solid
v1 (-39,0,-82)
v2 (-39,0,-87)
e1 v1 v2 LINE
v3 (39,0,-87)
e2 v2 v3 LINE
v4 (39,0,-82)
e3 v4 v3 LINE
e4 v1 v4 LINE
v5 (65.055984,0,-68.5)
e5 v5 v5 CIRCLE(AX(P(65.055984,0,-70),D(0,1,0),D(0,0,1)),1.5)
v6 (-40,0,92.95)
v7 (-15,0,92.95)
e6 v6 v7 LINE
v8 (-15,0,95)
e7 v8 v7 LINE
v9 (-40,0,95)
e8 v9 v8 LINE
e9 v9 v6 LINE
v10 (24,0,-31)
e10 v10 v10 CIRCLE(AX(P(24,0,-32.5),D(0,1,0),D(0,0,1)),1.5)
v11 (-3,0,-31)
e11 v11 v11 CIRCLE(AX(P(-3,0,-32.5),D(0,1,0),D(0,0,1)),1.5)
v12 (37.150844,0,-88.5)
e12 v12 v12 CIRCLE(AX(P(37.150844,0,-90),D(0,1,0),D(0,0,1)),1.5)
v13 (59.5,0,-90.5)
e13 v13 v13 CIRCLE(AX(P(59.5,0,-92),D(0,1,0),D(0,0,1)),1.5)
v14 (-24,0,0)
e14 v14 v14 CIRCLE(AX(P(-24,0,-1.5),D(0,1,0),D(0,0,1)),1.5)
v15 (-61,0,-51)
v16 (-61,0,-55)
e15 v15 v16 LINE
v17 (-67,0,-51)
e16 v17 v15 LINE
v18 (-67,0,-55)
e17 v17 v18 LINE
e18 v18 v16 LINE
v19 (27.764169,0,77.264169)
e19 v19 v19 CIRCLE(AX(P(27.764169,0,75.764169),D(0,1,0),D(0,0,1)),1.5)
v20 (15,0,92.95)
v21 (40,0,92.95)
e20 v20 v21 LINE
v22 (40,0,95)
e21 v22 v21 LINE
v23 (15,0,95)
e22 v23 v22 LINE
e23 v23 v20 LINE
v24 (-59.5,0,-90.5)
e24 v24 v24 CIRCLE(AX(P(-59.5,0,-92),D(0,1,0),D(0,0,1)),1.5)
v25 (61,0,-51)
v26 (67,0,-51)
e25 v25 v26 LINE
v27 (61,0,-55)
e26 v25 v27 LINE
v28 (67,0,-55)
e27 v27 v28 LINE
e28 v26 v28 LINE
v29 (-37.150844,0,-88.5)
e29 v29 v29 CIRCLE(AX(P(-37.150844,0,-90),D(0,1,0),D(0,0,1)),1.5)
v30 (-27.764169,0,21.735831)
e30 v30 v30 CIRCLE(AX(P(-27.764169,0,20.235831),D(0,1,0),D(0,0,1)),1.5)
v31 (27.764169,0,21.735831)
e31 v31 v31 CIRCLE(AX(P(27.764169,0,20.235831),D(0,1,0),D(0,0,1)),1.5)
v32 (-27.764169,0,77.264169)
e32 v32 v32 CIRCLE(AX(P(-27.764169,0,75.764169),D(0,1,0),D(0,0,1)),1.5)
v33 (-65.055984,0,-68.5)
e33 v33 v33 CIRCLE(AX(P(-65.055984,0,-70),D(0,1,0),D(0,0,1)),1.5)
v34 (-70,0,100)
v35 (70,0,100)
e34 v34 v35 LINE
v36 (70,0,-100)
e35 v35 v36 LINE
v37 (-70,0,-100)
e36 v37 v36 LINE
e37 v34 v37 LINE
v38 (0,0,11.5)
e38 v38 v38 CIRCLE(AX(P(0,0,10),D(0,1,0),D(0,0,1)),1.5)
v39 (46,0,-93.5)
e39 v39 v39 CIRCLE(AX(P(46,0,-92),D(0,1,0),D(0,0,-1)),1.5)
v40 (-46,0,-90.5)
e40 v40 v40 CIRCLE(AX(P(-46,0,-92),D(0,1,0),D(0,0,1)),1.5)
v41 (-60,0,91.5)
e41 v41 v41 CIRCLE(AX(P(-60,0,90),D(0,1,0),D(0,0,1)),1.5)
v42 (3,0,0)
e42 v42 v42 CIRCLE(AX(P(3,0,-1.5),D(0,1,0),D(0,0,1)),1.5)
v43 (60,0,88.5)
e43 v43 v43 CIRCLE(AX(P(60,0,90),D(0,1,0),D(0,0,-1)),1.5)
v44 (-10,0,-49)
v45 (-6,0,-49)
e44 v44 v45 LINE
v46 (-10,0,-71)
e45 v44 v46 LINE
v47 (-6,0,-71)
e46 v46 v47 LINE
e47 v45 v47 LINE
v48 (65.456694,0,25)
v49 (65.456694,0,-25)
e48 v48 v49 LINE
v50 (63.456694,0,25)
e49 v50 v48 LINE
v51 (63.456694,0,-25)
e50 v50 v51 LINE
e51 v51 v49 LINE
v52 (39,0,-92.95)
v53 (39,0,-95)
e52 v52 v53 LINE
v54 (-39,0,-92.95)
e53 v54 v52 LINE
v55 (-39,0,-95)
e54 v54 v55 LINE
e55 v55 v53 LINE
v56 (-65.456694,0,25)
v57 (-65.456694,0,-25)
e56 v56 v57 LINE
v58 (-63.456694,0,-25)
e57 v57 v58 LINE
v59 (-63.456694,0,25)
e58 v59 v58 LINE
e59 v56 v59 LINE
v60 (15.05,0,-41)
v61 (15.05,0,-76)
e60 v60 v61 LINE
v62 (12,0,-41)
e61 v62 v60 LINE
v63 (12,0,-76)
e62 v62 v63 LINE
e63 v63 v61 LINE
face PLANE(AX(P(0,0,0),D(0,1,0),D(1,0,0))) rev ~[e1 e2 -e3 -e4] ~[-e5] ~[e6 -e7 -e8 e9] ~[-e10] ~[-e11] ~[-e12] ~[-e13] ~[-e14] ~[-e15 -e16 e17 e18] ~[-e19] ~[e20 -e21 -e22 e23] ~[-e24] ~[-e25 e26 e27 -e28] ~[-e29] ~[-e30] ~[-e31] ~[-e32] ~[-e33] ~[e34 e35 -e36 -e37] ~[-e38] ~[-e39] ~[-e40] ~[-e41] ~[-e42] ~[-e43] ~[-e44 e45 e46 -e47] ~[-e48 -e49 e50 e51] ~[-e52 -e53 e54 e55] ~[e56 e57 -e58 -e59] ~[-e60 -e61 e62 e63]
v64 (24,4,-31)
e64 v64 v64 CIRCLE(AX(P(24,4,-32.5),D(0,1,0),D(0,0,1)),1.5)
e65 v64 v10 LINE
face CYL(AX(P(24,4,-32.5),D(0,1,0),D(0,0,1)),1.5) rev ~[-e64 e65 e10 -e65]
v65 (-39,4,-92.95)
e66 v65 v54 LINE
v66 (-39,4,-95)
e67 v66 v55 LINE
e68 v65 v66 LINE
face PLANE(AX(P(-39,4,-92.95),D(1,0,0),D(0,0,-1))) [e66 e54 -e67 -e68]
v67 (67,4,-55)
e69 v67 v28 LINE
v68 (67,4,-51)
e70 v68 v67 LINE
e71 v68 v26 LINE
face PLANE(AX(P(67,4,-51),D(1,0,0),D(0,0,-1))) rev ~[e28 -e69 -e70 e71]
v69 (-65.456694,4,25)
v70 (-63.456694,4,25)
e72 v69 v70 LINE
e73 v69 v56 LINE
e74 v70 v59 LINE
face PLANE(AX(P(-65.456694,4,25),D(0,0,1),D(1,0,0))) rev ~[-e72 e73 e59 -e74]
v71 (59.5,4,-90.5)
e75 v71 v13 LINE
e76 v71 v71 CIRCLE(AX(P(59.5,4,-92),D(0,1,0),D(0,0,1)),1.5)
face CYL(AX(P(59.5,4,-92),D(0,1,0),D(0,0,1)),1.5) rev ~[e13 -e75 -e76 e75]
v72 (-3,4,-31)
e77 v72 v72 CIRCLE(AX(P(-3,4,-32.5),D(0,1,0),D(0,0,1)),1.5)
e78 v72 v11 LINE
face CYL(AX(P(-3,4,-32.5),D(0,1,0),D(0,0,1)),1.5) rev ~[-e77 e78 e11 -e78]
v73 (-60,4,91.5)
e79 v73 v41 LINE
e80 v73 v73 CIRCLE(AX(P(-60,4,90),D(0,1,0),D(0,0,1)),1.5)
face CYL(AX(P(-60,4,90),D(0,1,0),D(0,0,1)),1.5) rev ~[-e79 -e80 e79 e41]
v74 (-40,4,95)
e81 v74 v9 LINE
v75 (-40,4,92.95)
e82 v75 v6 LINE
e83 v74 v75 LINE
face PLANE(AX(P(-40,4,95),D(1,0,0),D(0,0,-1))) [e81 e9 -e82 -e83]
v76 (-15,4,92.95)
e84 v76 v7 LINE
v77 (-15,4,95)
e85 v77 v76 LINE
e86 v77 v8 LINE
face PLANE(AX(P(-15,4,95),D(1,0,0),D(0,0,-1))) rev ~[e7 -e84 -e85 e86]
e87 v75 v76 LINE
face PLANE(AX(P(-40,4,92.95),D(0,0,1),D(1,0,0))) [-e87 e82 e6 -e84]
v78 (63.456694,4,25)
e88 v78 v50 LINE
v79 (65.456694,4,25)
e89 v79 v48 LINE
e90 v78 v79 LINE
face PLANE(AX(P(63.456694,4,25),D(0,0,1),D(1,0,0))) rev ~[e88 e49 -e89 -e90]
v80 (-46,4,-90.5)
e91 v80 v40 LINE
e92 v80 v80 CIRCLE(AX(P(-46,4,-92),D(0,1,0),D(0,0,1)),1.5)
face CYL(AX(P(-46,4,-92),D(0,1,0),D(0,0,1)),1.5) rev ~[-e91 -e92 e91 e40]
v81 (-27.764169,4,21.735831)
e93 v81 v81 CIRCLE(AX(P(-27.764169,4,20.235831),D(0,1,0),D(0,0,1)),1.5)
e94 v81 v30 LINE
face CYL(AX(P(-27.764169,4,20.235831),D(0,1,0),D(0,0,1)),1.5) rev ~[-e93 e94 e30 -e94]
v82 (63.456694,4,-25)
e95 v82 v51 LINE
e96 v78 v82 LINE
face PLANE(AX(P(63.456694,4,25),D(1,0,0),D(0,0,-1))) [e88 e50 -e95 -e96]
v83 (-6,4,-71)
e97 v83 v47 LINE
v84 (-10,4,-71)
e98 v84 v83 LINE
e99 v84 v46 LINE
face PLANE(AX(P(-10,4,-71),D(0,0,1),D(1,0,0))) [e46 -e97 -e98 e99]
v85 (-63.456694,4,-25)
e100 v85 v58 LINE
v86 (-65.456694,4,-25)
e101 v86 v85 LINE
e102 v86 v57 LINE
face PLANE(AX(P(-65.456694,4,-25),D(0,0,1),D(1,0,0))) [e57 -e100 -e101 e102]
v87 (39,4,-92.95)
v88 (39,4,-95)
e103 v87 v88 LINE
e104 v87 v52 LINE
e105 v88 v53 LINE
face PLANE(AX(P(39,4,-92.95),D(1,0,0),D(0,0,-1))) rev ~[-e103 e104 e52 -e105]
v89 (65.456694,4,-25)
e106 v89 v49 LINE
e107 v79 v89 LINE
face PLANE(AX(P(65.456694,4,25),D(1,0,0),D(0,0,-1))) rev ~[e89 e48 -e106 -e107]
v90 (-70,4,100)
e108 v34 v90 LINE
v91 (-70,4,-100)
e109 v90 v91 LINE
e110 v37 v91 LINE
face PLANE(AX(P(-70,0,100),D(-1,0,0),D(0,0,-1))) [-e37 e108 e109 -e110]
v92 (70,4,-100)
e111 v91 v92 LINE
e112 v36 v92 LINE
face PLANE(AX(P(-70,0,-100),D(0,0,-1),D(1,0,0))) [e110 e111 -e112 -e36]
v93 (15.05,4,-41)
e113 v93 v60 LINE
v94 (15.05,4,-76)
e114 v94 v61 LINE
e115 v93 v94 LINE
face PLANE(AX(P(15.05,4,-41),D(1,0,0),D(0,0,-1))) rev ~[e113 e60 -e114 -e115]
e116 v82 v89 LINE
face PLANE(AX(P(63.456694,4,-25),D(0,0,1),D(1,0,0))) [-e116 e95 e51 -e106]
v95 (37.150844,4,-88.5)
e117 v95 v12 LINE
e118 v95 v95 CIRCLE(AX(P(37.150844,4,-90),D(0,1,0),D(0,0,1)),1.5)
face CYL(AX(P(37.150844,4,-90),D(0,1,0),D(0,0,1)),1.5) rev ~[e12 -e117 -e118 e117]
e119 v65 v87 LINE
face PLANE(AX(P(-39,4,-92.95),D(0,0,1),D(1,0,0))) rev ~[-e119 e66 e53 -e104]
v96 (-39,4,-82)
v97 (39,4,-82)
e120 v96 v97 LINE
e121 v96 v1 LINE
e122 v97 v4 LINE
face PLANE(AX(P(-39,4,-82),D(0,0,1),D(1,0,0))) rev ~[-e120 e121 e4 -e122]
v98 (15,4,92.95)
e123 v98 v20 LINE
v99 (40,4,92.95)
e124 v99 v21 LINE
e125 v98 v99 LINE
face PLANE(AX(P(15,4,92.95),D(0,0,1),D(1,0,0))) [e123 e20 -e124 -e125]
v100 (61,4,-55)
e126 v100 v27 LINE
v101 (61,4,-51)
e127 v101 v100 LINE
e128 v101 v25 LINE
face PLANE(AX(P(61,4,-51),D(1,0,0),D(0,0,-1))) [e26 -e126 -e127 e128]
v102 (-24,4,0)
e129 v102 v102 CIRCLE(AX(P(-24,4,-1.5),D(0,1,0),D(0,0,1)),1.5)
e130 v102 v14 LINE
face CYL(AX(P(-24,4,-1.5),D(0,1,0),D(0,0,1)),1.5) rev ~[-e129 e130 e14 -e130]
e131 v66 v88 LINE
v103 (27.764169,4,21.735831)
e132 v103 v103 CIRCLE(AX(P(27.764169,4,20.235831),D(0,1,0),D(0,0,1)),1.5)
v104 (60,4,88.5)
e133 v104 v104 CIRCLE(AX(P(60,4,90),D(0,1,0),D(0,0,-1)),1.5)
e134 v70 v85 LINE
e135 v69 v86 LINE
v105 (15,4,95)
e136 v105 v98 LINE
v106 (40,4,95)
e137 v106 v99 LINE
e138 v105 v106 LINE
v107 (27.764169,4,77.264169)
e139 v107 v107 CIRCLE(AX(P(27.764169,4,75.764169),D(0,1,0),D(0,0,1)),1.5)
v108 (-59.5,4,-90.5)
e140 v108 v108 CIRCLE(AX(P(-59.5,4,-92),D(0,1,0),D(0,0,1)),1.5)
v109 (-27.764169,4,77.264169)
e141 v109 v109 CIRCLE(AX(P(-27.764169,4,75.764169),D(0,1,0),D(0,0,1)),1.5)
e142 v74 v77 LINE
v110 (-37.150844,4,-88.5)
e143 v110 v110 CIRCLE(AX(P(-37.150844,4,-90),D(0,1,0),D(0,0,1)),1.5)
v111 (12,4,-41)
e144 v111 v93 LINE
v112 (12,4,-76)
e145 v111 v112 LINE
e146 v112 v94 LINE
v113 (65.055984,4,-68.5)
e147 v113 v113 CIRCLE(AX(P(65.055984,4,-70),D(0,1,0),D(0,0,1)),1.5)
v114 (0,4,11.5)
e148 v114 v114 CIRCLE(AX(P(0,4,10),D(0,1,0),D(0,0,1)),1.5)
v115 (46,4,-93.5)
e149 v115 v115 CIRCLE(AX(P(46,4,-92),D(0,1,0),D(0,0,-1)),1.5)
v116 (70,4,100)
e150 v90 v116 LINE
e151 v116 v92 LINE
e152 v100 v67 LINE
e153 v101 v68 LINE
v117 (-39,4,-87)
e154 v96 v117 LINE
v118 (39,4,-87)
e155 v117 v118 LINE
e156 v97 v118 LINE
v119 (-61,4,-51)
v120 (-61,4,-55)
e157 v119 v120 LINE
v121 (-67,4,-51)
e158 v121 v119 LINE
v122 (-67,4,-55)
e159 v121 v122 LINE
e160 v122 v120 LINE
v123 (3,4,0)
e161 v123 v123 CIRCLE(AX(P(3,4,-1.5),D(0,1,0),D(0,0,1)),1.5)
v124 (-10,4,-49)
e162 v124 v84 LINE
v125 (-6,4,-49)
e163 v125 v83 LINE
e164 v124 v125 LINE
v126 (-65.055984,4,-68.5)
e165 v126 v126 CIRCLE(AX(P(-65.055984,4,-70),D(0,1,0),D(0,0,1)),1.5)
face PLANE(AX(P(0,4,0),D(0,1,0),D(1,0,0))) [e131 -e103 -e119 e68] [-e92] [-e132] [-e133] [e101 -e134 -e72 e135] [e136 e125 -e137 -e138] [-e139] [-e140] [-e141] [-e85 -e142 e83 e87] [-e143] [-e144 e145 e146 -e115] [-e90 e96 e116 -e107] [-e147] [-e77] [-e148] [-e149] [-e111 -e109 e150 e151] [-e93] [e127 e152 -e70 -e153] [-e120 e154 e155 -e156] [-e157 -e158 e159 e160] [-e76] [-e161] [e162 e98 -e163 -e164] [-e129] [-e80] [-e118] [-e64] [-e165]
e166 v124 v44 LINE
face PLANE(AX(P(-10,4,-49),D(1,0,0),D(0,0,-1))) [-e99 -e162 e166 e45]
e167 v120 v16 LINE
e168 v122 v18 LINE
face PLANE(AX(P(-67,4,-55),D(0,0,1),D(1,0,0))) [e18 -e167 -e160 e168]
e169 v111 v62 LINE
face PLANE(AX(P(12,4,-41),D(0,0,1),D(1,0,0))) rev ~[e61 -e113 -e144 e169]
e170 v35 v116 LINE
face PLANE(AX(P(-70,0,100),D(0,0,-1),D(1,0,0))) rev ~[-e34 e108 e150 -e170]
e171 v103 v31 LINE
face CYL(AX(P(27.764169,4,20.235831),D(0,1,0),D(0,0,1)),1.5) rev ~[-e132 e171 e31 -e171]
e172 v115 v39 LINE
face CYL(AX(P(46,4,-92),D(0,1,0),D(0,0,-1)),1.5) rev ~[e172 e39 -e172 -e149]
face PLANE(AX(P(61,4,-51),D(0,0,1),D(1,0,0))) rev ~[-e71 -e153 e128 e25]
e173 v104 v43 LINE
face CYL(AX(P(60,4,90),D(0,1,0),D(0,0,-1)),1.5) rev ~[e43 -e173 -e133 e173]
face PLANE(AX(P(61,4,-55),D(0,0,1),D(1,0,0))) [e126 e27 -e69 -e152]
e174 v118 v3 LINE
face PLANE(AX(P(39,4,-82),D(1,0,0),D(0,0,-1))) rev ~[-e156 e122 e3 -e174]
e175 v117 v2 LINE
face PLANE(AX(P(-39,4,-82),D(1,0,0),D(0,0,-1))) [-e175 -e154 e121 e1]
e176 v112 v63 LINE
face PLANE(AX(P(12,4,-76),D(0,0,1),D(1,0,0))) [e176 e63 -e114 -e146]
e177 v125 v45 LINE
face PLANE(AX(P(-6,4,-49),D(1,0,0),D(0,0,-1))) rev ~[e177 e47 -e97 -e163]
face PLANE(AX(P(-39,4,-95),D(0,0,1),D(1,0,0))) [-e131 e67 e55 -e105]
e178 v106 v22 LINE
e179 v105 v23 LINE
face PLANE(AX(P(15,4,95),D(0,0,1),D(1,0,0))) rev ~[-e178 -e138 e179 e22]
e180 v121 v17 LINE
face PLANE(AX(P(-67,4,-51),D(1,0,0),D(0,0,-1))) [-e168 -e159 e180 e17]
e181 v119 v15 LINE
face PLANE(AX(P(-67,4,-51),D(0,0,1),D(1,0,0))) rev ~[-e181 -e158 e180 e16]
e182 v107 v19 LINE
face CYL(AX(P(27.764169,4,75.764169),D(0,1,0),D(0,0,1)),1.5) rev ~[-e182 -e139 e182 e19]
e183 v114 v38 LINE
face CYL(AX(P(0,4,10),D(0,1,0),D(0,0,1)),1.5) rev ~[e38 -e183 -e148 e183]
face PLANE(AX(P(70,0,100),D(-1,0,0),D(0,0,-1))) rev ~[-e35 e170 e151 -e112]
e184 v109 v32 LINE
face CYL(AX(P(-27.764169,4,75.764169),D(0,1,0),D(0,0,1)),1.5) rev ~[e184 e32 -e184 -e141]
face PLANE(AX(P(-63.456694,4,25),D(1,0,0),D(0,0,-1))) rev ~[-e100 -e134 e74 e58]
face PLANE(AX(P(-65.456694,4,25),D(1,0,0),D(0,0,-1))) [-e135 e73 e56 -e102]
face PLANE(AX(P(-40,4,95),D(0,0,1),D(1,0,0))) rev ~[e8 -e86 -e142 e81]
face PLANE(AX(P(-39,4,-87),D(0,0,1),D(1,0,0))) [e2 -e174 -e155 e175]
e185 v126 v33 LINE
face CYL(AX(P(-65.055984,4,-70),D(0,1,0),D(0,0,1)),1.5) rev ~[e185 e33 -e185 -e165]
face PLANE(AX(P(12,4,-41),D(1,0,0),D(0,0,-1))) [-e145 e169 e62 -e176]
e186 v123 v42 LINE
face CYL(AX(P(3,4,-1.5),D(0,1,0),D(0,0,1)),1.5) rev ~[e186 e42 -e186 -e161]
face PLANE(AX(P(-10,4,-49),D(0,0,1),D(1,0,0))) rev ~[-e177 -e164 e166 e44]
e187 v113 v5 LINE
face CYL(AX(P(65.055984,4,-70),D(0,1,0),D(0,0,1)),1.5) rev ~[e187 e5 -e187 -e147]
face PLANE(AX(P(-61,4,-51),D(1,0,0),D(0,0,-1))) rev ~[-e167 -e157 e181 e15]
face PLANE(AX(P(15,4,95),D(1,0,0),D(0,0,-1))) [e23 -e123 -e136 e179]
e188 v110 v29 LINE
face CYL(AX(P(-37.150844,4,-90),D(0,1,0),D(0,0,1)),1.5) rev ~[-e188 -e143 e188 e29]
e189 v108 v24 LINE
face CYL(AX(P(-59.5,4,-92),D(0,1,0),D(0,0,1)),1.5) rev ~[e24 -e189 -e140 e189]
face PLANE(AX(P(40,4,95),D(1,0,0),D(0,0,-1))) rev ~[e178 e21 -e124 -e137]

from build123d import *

# Parameters (mm, degrees)
SKETCH1_W           = 140
SKETCH1_H           = 200
BOSS_EXTRUDE1_DEPTH = 4
SKETCH2_W           = 78
SKETCH2_H           = 2.05
SKETCH2_R           = 1.5
SKETCH2_H_2         = 5
CUT_EXTRUDE3_DEPTH  = 123.131077126
SKETCH3_W           = 6
SKETCH3_H           = 4
SKETCH3_R           = 1.5
CUT_EXTRUDE5_DEPTH  = 123.131077126
SKETCH4_R           = 1.5
CUT_EXTRUDE6_DEPTH  = 123.131077126
SKETCH6_W           = 3.05
SKETCH6_H           = 35
SKETCH6_W_2         = 4
SKETCH6_H_2         = 22
CUT_EXTRUDE13_DEPTH = 4
SKETCH7_R           = 1.5
CUT_EXTRUDE15_DEPTH = 123.131077126
SKETCH8_R           = 1.5
SKETCH8_W           = 2
SKETCH8_H           = 50
SKETCH8_W_2         = 25
SKETCH8_H_2         = 2.05
CUT_EXTRUDE16_DEPTH = 4


with BuildPart() as part:
    # Sketch1 → Boss-Extrude1 (new body)
    with BuildSketch(Plane(origin=(0, 0, 0), x_dir=(1, 0, 0), z_dir=(0, 1, 0))):
        Rectangle(SKETCH1_W, SKETCH1_H)
    extrude(amount=BOSS_EXTRUDE1_DEPTH)

    # Sketch2 → Cut-Extrude3 (cut, through all)
    with BuildSketch(Plane(origin=(0, 4, 0), x_dir=(1, 0, 0), z_dir=(0, 1, 0))):
        with Locations((0, 93.975)):
            Rectangle(SKETCH2_W, SKETCH2_H)
        with Locations(Location((-37.150844364, 90, 0), (0, 0, 270))):
            Circle(SKETCH2_R)
        with Locations(Location((37.150844364, 90, 0), (0, 0, 270))):
            Circle(SKETCH2_R)
        with Locations((0, 84.5)):
            Rectangle(SKETCH2_W, SKETCH2_H_2)
    extrude(amount=-CUT_EXTRUDE3_DEPTH, mode=Mode.SUBTRACT)

    # Sketch3 → Cut-Extrude5 (cut, through all)
    with BuildSketch(Plane(origin=(0, 4, 0), x_dir=(1, 0, 0), z_dir=(0, 1, 0))):
        with Locations((-64, 53)):
            Rectangle(SKETCH3_W, SKETCH3_H)
        with Locations(Location((65.055984274, 70, 0), (0, 0, 270))):
            Circle(SKETCH3_R)
        with Locations((64, 53)):
            Rectangle(SKETCH3_W, SKETCH3_H)
        with Locations(Location((-65.055984274, 70, 0), (0, 0, 270))):
            Circle(SKETCH3_R)
    extrude(amount=-CUT_EXTRUDE5_DEPTH, mode=Mode.SUBTRACT)

    # Sketch4 → Cut-Extrude6 (cut, through all)
    with BuildSketch(Plane(origin=(0, 4, 0), x_dir=(1, 0, 0), z_dir=(0, 1, 0))):
        with Locations(Location((59.5, 92, 0), (0, 0, 270))):
            Circle(SKETCH4_R)
        with Locations(Location((-59.5, 92, 0), (0, 0, 270))):
            Circle(SKETCH4_R)
        with Locations(Location((-46, 92, 0), (0, 0, 270))):
            Circle(SKETCH4_R)
        with Locations(Location((46, 92, 0), (0, 0, 90))):
            Circle(SKETCH4_R)
    extrude(amount=-CUT_EXTRUDE6_DEPTH, mode=Mode.SUBTRACT)

    # Sketch6 → Cut-Extrude13 (cut)
    with BuildSketch(Plane(origin=(0, 4, 0), x_dir=(1, 0, 0), z_dir=(0, 1, 0))):
        with Locations((13.525, 58.5)):
            Rectangle(SKETCH6_W, SKETCH6_H)
        with Locations((-8, 60)):
            Rectangle(SKETCH6_W_2, SKETCH6_H_2)
    extrude(amount=-CUT_EXTRUDE13_DEPTH, mode=Mode.SUBTRACT)

    # Sketch7 → Cut-Extrude15 (cut, through all)
    with BuildSketch(Plane(origin=(0, 4, 0), x_dir=(1, 0, 0), z_dir=(0, 1, 0))):
        with Locations(Location((27.764169226, -20.235830774, 0), (0, 0, 270))):
            Circle(SKETCH7_R)
        with Locations(Location((-27.764169226, -75.764169226, 0), (0, 0, 270))):
            Circle(SKETCH7_R)
        with Locations(Location((27.764169226, -75.764169226, 0), (0, 0, 270))):
            Circle(SKETCH7_R)
        with Locations(Location((24, 32.5, 0), (0, 0, 270))):
            Circle(SKETCH7_R)
        with Locations(Location((3, 1.5, 0), (0, 0, 270))):
            Circle(SKETCH7_R)
        with Locations(Location((-24, 1.5, 0), (0, 0, 270))):
            Circle(SKETCH7_R)
        with Locations(Location((-3, 32.5, 0), (0, 0, 270))):
            Circle(SKETCH7_R)
        with Locations(Location((-27.764169226, -20.235830774, 0), (0, 0, 270))):
            Circle(SKETCH7_R)
    extrude(amount=-CUT_EXTRUDE15_DEPTH, mode=Mode.SUBTRACT)

    # Sketch8 → Cut-Extrude16 (cut)
    with BuildSketch(Plane(origin=(0, 4, 0), x_dir=(1, 0, 0), z_dir=(0, 1, 0))):
        with Locations(Location((0, -10, 0), (0, 0, 270))):
            Circle(SKETCH8_R)
        with Locations(Location((-60, -90, 0), (0, 0, 270))):
            Circle(SKETCH8_R)
        with Locations(Location((60, -90, 0), (0, 0, 90))):
            Circle(SKETCH8_R)
        with Locations((-64.456694017, 0)):
            Rectangle(SKETCH8_W, SKETCH8_H)
        with Locations((64.456694017, 0)):
            Rectangle(SKETCH8_W, SKETCH8_H)
        with Locations((27.5, -93.975)):
            Rectangle(SKETCH8_W_2, SKETCH8_H_2)
        with Locations((-27.5, -93.975)):
            Rectangle(SKETCH8_W_2, SKETCH8_H_2)
    extrude(amount=-CUT_EXTRUDE16_DEPTH, mode=Mode.SUBTRACT)


solid = part.part
